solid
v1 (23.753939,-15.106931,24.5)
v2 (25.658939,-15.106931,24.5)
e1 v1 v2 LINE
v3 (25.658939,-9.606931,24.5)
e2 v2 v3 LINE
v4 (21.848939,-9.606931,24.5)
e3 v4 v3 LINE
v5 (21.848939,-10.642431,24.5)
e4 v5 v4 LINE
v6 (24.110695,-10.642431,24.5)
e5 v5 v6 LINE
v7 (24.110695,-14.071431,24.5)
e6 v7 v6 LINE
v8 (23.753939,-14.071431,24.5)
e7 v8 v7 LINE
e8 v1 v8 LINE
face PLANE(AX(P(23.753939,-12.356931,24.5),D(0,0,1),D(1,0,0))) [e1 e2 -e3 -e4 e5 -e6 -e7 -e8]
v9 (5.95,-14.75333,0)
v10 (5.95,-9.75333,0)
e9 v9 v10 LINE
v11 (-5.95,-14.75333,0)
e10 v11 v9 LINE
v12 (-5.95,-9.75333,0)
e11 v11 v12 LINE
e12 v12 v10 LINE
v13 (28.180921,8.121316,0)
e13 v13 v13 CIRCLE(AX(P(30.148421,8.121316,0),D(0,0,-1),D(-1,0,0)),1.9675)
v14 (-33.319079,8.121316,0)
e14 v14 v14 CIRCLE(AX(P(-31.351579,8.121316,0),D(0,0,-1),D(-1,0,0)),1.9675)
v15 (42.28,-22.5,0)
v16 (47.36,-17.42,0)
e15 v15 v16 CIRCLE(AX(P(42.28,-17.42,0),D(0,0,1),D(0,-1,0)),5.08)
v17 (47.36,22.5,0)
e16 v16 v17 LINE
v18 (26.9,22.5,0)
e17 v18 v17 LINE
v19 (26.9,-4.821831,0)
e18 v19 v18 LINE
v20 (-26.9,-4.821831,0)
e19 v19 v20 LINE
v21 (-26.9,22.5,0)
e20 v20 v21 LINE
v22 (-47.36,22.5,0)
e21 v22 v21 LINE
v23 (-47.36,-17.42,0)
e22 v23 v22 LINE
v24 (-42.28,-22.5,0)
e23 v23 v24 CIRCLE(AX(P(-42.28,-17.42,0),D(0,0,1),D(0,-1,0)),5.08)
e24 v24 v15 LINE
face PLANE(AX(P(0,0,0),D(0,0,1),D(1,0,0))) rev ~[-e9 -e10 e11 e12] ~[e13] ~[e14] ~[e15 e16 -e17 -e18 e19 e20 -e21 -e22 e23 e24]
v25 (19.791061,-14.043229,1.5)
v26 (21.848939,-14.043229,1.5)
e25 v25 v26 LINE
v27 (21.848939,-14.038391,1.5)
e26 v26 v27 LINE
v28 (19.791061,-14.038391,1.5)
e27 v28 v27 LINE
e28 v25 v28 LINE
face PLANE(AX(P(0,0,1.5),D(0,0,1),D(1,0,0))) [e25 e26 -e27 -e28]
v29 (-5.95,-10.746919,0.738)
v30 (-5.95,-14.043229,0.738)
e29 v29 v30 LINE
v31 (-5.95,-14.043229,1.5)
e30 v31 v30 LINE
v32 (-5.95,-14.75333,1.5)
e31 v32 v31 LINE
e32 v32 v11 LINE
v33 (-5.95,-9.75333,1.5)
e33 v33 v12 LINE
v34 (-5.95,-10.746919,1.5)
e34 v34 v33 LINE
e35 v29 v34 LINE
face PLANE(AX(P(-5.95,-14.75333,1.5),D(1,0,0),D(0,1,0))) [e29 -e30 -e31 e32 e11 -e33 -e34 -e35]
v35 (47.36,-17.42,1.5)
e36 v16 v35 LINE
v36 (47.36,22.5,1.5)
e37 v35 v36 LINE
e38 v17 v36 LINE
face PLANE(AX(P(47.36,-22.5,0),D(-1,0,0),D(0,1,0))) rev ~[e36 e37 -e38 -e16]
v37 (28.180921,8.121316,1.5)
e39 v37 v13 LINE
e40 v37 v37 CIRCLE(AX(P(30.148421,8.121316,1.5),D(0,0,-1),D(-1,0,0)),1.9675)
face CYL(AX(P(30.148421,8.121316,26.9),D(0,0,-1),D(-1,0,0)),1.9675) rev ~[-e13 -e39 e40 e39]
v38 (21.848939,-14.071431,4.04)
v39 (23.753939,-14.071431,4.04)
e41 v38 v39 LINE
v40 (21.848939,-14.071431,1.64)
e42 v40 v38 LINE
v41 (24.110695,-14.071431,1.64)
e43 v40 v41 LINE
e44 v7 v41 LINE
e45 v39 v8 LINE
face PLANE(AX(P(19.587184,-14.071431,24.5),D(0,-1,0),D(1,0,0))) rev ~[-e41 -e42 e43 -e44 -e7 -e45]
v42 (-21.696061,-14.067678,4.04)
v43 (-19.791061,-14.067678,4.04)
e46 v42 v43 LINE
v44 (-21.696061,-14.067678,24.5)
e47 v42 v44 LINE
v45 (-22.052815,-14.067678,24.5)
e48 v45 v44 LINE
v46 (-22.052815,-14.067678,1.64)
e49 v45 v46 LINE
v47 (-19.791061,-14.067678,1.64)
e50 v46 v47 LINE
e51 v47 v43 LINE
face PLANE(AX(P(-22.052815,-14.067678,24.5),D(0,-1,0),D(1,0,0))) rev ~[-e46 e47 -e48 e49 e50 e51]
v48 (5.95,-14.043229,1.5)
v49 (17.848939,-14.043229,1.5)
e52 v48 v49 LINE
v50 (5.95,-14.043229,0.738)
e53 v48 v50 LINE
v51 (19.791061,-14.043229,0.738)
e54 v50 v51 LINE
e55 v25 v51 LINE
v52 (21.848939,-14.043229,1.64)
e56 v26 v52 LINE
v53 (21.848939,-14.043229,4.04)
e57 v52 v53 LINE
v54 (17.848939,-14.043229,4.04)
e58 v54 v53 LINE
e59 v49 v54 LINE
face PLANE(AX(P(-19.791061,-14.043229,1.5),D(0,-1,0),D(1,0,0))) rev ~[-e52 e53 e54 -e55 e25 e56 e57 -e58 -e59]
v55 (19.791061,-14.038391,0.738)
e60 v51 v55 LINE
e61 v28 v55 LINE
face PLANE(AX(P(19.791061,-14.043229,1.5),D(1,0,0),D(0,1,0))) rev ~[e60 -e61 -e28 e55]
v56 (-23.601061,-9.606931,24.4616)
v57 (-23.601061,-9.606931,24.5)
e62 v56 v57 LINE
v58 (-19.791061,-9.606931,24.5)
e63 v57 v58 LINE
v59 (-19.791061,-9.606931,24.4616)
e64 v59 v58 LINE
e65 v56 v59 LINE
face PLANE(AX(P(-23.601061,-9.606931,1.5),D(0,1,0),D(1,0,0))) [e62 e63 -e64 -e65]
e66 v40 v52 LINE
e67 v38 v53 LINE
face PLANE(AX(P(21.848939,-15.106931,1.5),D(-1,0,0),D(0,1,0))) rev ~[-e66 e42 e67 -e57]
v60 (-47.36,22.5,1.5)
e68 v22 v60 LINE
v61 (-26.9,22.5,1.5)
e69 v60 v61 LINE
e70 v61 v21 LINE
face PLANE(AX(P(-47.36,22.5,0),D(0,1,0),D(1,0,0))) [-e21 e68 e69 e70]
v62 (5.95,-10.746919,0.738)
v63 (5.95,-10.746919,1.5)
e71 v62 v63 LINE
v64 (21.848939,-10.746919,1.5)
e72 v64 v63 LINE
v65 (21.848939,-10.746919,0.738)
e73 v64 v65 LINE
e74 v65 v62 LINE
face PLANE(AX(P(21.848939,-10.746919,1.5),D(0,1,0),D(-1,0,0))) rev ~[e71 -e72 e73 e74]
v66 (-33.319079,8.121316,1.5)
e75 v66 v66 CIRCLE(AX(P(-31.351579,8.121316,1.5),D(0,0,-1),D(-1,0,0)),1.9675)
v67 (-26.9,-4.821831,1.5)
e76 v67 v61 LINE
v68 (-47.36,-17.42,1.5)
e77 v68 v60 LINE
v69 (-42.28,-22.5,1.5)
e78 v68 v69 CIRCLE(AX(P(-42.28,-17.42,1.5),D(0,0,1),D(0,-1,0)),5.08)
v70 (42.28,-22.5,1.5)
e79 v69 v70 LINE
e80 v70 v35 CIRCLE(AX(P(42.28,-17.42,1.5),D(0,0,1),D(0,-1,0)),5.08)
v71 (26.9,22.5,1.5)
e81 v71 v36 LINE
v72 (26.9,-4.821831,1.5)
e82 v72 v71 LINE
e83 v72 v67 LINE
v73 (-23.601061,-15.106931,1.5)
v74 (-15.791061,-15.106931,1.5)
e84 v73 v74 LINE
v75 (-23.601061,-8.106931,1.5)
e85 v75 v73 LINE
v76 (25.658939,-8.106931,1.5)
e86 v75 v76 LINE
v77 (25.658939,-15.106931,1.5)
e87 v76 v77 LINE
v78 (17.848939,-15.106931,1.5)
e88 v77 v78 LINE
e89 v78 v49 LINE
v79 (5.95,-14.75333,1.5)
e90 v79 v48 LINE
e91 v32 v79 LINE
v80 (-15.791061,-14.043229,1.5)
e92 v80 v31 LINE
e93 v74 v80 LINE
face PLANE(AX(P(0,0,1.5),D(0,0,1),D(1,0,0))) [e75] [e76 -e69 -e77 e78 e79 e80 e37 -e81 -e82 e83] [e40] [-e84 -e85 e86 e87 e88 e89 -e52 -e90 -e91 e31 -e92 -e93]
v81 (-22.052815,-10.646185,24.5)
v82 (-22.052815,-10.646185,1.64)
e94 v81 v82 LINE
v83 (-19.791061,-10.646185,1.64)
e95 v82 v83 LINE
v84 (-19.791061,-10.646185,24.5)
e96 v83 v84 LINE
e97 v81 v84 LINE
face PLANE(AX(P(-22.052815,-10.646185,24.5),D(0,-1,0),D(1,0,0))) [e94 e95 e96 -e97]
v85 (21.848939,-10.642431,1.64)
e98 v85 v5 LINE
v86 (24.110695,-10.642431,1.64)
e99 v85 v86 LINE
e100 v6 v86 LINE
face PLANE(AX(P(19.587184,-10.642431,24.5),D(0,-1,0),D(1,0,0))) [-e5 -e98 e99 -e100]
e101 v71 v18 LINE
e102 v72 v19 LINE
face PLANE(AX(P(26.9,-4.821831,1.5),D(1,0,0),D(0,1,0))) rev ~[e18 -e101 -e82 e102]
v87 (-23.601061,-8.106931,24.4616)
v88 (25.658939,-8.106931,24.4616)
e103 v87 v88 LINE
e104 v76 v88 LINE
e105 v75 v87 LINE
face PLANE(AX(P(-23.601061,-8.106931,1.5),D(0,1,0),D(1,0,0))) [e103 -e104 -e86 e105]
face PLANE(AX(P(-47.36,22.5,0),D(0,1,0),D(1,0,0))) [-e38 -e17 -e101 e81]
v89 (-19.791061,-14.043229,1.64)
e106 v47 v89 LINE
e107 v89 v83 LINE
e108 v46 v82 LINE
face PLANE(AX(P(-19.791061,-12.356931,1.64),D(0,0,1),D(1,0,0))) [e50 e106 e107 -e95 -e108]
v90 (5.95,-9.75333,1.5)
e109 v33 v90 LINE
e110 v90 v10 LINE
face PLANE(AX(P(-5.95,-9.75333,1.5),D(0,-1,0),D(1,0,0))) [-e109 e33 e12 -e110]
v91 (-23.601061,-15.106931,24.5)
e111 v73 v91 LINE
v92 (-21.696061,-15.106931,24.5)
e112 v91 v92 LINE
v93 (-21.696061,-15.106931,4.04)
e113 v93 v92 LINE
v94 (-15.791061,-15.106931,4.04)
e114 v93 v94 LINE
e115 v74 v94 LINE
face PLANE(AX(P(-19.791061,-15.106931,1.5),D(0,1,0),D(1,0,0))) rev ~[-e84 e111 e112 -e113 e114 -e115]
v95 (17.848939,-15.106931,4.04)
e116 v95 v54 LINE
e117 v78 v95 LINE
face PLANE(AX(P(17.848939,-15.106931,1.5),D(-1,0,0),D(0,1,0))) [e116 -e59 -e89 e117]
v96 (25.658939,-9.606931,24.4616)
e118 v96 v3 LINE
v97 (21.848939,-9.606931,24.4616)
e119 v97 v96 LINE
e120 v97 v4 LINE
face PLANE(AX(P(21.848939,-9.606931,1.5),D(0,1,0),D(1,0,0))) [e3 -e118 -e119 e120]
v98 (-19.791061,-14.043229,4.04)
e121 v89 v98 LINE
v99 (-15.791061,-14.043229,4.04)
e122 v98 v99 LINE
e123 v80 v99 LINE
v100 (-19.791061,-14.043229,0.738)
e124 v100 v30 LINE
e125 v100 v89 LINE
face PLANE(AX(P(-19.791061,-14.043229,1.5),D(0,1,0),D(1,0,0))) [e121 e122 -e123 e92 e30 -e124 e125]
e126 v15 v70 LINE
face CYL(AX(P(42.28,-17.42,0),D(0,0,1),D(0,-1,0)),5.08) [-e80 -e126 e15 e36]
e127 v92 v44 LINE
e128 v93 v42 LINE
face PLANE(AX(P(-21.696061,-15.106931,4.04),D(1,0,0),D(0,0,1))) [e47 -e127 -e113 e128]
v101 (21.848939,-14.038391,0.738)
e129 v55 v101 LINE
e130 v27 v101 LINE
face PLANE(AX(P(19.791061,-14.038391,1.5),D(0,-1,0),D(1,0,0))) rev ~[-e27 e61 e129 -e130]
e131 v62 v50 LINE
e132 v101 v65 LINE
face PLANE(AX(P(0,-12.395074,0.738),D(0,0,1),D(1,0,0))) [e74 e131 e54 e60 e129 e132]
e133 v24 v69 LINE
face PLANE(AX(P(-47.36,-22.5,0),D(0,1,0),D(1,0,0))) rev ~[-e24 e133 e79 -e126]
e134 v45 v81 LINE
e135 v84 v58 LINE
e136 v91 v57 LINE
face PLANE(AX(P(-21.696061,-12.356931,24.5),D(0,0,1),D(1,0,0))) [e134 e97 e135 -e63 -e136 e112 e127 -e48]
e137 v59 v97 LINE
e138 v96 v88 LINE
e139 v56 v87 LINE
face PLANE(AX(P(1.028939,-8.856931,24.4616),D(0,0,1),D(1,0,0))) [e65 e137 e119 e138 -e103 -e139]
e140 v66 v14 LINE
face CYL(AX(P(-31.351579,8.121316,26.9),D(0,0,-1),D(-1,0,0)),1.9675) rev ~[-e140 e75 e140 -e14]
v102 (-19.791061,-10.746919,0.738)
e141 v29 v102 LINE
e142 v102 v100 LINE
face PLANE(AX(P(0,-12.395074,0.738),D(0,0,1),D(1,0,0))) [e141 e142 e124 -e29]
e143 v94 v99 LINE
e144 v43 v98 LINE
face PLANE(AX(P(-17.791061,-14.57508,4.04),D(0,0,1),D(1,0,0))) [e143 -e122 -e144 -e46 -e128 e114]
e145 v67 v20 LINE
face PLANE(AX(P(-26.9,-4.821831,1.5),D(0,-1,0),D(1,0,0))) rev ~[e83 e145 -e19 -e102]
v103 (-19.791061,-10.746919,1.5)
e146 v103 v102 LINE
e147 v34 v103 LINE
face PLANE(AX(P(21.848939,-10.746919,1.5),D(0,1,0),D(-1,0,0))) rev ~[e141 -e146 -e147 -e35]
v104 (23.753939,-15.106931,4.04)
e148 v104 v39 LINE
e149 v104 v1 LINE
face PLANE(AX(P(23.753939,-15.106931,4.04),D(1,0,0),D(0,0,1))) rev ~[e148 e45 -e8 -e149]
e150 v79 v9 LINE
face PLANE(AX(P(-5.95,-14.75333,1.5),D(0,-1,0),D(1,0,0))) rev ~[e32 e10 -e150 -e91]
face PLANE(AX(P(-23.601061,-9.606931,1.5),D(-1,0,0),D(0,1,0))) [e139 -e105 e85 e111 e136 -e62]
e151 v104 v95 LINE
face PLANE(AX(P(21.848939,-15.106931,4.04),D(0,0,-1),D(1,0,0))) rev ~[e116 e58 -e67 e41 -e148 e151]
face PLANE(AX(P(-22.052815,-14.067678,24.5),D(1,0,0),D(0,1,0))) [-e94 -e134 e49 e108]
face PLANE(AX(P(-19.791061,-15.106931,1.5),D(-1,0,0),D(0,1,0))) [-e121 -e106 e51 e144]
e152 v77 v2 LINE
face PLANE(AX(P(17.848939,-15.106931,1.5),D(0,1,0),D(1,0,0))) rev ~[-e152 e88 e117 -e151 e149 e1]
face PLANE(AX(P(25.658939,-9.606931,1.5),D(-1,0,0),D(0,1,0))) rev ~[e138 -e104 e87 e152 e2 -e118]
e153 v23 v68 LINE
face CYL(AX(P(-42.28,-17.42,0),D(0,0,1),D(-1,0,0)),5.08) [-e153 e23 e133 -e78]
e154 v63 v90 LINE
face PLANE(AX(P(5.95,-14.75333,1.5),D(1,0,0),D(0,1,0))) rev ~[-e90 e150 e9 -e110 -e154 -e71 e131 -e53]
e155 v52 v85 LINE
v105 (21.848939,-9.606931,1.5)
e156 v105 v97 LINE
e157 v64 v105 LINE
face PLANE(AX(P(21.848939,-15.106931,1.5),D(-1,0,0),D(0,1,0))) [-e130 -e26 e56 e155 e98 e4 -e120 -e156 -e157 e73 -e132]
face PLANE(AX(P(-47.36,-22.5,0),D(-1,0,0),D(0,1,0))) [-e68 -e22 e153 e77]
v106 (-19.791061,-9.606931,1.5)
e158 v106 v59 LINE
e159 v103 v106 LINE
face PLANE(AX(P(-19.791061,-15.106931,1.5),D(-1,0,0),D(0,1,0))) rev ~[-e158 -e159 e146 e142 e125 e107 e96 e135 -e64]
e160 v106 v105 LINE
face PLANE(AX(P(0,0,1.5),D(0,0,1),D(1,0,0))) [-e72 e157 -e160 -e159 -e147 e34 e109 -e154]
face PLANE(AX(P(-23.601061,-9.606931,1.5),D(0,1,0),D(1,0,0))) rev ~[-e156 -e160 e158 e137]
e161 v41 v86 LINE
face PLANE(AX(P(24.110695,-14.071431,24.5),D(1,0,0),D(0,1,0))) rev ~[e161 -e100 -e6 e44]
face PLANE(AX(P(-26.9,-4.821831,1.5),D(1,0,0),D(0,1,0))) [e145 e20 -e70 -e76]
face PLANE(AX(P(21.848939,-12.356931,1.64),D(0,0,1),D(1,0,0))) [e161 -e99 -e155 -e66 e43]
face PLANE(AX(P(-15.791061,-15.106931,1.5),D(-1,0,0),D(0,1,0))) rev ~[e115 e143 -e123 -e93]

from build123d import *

# Parameters (mm, degrees)
F0_W      = 94.72
F0_H      = 45
F1_DEPTH  = 1.5
F3_D      = 3.935
F3_DEPTH  = 25.4
F3_TIP    = 1.1821932679
F4_D      = 3.935
F4_DEPTH  = 25.4
F4_TIP    = 1.1821932679
F5_W      = 50
F5_H      = 12.7415785939
F6_DEPTH  = 25.4
F7_R      = 5.08
F8_W      = 50
F8_H      = 15.24
F9_DEPTH  = 25.4
F10_W     = 11.9
F10_H     = 5
F11_DEPTH = 25.4
F12_W     = 3.81
F12_H     = 5.5
F13_DEPTH = 23
F14_W     = 4.5235089016
F14_H     = 3.4214928448
F15_DEPTH = 22.86
F16_W     = 4.5235114
F16_H     = 3.429
F17_DEPTH = 22.86
F18_W     = 2.0578785336
F18_H     = 3.2914727926
F19_DEPTH = 0.762
F20_W     = 49.26
F20_H     = 1.5
F21_DEPTH = 22.9616
F22_W     = 4
F22_H     = 1.0637021292
F23_DEPTH = 2.54
F24_W     = 1.9
F24_H     = 27.3218312255
F25_DEPTH = 25.4
F26_W     = 1.905
F26_H     = 20.46
F27_DEPTH = 1.651
F28_W     = 1.905
F28_H     = 20.46
F29_DEPTH = 3.048


with BuildPart() as f1:
    # F0 (on Top) → F1 (new body)
    with BuildSketch(Plane.XY):
        Rectangle(F0_W, F0_H)
    extrude(amount=F1_DEPTH)

    # F3
    with Locations(Plane.XY.offset(1.5)):
        with Locations((-31.3515785038, 8.1213163212)):
            Hole(F3_D / 2, depth=F3_DEPTH)
            with Locations((0, 0, -(F3_DEPTH + F3_TIP / 2))):  # 118° drill point
                Cone(0, F3_D / 2, F3_TIP, mode=Mode.SUBTRACT)

    # F4
    with Locations(Plane.XY.offset(1.5)):
        with Locations((30.1484214962, 8.1213163212)):
            Hole(F4_D / 2, depth=F4_DEPTH)
            with Locations((0, 0, -(F4_DEPTH + F4_TIP / 2))):  # 118° drill point
                Cone(0, F4_D / 2, F4_TIP, mode=Mode.SUBTRACT)

    # F5 (on face) → F6 (cut)
    with BuildSketch(Plane.XY.offset(1.5)):
        with Locations((0, 16.1292107031)):
            Rectangle(F5_W, F5_H)
    extrude(amount=-F6_DEPTH, mode=Mode.SUBTRACT)

    # F7
    f7_edges = [f1.edges().sort_by_distance(p)[0] for p in [
        (-47.36, -22.5, 0.75),
        (47.36, -22.5, 0.75),
    ]]
    fillet(f7_edges, radius=F7_R)

    # F8 (on face) → F9 (cut)
    with BuildSketch(Plane.XY.offset(1.5)):
        with Locations((0, 2.7981687745)):
            Rectangle(F8_W, F8_H)
    extrude(amount=-F9_DEPTH, mode=Mode.SUBTRACT)

    # F10 (on face) → F11 (cut)
    with BuildSketch(Plane.XY.offset(1.5)):
        with Locations((0, -12.2533300715)):
            Rectangle(F10_W, F10_H)
    extrude(amount=-F11_DEPTH, mode=Mode.SUBTRACT)

    # F12 (on face) → F13 (join)
    with BuildSketch(Plane.XY.offset(1.5)):
        with Locations((-21.6960607332, -12.3569313288)):
            Rectangle(F12_W, F12_H)
        with Locations((23.7539392668, -12.3569313288)):
            Rectangle(F12_W, F12_H)
    extrude(amount=F13_DEPTH)

    # F14 (on face) → F15 (cut)
    with BuildSketch(Plane.XY.offset(24.5)):
        with Locations((-19.7910607332, -12.3569313288)):
            Rectangle(F14_W, F14_H)
    extrude(amount=-F15_DEPTH, mode=Mode.SUBTRACT)

    # F16 (on face) → F17 (cut)
    with BuildSketch(Plane.XY.offset(24.5)):
        with Locations((21.8489392668, -12.3569313288)):
            Rectangle(F16_W, F16_H)
    extrude(amount=-F17_DEPTH, mode=Mode.SUBTRACT)

    # F18 (on face) → F19 (cut)
    with BuildSketch(Plane.XY.offset(1.5)):
        Polygon((-19.7910607332, -10.7469186187), (-19.7910607332, -14.0432291996), (19.7910607332, -14.0432291996), (19.7910607332, -14.0383914113), (19.7910607332, -10.7469186187), align=None)
        with Locations((20.82, -12.392655015)):
            Rectangle(F18_W, F18_H)
    extrude(amount=-F19_DEPTH, mode=Mode.SUBTRACT)

    # F20 (on face) → F21 (join)
    with BuildSketch(Plane.XY.offset(1.5)):
        with Locations((1.0289392668, -8.8569313288)):
            Rectangle(F20_W, F20_H)
    extrude(amount=F21_DEPTH)

    # F22 (on face) → F23 (join)
    with BuildSketch(Plane.XY.offset(1.5)):
        with Locations((-17.7910607332, -14.5750802642)):
            Rectangle(F22_W, F22_H)
        with Locations((19.8489392668, -14.5750802642)):
            Rectangle(F22_W, F22_H)
    extrude(amount=F23_DEPTH)

    # F24 (on face) → F25 (cut)
    with BuildSketch(Plane.XY.offset(1.5)):
        with Locations((-25.95, 8.8390843872)):
            Rectangle(F24_W, F24_H)
        with Locations((25.95, 8.8390843872)):
            Rectangle(F24_W, F24_H)
    extrude(amount=-F25_DEPTH, mode=Mode.SUBTRACT)

    # F26 (on face) → F27 (cut)
    with BuildSketch(Plane.XZ.offset(15.1069313288)):
        with Locations((-20.7435607332, 14.27)):
            Rectangle(F26_W, F26_H)
    extrude(amount=-F27_DEPTH, mode=Mode.SUBTRACT)

    # F28 (on face) → F29 (cut)
    with BuildSketch(Plane.XZ.offset(15.1069313288)):
        with Locations((22.8014392668, 14.27)):
            Rectangle(F28_W, F28_H)
    extrude(amount=-F29_DEPTH, mode=Mode.SUBTRACT)


solid = f1.part
